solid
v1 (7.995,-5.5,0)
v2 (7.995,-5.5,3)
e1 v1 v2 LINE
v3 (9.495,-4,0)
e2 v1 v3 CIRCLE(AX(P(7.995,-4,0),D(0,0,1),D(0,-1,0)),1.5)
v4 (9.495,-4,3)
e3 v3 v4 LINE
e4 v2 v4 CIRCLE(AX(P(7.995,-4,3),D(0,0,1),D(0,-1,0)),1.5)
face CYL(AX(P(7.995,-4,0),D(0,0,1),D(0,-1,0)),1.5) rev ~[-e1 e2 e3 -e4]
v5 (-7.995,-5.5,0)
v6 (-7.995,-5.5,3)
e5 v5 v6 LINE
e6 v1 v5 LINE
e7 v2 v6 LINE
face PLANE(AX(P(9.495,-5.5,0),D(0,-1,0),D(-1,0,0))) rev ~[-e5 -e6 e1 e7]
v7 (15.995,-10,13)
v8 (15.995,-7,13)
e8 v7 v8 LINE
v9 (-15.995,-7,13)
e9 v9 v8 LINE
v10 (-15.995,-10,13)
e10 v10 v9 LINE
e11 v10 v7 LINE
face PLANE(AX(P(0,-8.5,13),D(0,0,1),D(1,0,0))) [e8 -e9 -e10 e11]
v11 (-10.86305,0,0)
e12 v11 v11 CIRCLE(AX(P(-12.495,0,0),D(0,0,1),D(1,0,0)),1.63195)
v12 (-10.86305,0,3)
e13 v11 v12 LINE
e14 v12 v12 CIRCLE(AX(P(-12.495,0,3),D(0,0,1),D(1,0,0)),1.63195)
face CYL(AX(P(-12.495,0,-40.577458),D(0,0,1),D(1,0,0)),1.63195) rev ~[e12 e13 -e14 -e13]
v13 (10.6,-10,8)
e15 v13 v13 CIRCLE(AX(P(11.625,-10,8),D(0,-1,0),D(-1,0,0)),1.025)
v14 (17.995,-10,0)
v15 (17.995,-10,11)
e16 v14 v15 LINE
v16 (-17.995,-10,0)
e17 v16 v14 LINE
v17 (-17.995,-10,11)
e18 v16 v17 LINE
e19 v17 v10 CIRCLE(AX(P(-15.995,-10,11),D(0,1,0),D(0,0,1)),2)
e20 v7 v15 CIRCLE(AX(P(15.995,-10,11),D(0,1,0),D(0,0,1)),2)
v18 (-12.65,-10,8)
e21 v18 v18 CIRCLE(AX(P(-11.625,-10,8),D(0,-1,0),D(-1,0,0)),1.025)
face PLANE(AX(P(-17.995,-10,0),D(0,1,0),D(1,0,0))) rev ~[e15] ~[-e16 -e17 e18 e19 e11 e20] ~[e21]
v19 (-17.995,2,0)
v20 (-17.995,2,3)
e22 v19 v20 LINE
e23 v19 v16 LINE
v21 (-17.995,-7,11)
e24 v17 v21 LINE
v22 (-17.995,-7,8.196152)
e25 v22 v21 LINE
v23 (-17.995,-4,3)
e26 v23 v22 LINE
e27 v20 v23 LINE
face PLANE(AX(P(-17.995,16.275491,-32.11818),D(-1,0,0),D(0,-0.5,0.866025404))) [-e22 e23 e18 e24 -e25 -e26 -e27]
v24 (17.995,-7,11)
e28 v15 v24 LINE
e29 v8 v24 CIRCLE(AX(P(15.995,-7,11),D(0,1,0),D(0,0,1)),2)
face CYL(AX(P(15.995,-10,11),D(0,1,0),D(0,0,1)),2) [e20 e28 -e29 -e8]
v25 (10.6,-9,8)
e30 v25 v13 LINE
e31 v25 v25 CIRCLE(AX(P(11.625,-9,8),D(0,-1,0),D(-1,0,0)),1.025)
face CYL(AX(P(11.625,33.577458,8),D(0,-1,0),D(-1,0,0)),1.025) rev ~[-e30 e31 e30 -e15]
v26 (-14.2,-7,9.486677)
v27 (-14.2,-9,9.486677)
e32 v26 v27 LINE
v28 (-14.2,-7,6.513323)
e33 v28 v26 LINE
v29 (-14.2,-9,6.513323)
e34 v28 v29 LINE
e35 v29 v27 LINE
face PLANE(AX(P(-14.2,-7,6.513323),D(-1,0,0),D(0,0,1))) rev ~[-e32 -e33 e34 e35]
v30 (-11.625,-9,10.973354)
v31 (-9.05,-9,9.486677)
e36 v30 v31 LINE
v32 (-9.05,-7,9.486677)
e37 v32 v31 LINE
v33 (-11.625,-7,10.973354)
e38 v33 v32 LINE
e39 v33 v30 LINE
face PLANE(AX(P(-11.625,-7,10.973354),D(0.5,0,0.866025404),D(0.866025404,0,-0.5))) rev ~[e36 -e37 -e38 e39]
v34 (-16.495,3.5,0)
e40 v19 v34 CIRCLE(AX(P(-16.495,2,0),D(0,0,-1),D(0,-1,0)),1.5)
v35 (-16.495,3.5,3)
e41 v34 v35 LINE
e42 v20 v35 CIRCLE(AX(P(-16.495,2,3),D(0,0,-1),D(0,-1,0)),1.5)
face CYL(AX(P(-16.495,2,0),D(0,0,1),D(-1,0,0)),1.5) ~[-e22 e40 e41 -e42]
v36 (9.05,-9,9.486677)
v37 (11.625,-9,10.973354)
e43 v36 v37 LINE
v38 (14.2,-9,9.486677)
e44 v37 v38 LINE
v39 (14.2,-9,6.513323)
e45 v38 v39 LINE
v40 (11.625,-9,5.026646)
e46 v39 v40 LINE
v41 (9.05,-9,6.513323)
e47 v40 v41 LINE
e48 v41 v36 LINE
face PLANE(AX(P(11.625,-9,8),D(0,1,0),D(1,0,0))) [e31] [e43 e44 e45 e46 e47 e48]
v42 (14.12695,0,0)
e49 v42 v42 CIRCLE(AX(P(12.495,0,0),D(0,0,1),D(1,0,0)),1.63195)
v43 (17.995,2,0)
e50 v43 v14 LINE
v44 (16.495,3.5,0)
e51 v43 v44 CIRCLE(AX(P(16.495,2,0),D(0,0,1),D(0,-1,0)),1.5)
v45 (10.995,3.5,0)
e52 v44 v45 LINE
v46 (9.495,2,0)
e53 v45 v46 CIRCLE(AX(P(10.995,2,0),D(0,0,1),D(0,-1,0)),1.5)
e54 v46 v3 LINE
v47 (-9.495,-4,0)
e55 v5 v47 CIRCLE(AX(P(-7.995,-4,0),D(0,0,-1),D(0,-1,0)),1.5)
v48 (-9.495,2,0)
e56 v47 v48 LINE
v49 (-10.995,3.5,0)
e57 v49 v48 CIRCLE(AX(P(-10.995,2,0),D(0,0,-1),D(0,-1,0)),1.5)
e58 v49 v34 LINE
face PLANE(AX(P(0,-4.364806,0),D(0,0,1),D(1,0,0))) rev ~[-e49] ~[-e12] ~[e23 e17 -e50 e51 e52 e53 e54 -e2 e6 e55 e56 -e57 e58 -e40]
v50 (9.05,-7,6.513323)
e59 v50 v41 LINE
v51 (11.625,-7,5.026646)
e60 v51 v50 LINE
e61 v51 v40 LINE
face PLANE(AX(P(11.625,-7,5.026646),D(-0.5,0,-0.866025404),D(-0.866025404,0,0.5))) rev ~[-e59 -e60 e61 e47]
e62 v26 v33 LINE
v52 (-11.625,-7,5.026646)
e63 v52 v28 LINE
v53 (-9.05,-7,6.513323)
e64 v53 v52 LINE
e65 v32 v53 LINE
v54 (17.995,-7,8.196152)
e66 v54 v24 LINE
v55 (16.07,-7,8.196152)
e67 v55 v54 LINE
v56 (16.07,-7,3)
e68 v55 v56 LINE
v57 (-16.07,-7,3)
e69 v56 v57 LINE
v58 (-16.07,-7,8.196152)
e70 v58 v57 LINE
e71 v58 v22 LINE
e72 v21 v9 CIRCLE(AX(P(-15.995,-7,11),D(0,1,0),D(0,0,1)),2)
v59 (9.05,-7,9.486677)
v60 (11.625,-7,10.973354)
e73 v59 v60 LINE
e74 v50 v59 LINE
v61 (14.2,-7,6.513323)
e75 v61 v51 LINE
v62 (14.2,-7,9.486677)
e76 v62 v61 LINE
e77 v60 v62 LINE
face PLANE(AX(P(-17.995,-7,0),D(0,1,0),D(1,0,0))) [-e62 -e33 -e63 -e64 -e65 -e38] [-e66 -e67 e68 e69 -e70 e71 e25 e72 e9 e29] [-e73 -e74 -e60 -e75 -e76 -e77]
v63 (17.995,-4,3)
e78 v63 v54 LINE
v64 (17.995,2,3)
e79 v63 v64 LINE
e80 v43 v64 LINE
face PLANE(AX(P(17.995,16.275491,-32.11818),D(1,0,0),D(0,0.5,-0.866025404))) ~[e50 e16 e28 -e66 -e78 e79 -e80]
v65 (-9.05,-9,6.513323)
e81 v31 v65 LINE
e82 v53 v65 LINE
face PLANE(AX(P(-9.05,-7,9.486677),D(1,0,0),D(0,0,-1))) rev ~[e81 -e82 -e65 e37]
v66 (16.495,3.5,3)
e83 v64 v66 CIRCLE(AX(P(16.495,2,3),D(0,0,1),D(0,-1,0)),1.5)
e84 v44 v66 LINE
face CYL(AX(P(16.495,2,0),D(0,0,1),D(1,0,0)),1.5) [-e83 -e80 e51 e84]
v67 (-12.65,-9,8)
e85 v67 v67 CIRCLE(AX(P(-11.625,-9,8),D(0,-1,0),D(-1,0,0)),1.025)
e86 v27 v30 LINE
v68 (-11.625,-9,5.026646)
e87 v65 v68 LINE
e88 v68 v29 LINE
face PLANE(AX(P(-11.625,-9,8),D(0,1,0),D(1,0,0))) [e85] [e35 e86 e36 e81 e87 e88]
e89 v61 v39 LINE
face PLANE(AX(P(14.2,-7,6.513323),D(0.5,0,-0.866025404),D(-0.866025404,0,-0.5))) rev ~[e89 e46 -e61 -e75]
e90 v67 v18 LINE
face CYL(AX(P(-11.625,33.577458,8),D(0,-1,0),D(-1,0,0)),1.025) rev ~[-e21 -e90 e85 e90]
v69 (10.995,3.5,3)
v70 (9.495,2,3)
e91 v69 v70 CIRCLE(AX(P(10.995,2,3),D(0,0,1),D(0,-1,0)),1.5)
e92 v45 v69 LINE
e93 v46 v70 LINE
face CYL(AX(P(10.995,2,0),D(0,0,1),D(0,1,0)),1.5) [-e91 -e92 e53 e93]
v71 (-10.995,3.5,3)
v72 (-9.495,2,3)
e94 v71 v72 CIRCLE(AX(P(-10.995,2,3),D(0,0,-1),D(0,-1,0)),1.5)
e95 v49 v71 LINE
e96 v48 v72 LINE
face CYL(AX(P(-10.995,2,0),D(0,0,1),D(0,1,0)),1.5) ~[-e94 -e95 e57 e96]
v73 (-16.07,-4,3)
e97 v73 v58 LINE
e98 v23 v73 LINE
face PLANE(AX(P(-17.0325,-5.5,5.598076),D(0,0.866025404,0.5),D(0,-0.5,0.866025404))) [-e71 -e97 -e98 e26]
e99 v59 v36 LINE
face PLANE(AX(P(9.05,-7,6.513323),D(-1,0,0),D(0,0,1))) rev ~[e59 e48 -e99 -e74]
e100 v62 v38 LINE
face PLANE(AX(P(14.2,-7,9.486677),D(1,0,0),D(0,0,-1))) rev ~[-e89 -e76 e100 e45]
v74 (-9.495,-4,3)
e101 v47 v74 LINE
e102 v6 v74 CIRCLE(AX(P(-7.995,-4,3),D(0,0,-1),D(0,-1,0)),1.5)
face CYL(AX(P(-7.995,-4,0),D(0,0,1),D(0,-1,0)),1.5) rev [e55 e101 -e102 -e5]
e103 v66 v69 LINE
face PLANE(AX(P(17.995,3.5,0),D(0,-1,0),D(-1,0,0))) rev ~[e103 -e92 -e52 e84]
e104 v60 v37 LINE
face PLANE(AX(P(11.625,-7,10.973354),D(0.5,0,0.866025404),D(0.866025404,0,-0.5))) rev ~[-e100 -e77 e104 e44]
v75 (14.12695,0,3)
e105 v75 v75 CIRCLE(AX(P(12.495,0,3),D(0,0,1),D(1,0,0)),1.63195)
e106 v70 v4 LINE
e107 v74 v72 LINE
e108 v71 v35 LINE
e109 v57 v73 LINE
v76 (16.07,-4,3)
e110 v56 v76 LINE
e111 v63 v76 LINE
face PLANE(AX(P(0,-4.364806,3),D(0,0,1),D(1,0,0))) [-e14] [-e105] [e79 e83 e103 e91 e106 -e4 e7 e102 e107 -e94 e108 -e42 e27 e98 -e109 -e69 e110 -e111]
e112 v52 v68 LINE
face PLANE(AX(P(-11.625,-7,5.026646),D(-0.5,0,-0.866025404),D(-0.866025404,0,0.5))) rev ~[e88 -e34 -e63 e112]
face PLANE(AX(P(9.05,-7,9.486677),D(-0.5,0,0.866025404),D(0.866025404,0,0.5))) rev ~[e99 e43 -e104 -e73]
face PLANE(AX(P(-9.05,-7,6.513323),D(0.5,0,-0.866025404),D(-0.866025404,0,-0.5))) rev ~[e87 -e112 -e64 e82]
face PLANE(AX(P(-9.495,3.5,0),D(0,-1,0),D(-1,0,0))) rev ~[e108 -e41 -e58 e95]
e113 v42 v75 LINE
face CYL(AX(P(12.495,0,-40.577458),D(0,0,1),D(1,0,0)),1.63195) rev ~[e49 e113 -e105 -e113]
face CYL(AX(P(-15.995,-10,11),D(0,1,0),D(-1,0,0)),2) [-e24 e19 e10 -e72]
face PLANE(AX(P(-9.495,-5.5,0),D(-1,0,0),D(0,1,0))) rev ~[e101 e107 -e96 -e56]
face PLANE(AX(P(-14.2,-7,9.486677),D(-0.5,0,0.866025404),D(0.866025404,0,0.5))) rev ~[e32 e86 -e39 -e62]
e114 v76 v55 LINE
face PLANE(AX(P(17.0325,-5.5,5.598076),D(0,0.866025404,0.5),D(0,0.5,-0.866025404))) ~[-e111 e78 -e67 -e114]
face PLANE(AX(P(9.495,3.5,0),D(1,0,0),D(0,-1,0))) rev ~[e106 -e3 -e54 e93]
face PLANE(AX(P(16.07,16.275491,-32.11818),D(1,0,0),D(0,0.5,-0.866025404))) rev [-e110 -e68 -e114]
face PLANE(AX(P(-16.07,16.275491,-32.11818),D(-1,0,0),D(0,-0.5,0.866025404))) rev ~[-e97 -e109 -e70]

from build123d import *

# Parameters (mm, degrees)
BOSS_EXTRUDE1_DEPTH      = 3
SKETCH2_W                = 35.99
SKETCH2_H                = 3
BOSS_EXTRUDE2_DEPTH      = 13
F_4_CLEARANCE_HOLE1_D    = 3.2639
M2_5X0_45_TAPPED_HOLE1_D = 2.05
CUT_EXTRUDE1_DEPTH       = 25.557484093
CUT_EXTRUDE1_DEPTH_BACK  = 2
FILLET1_R                = 2
RIB1_REACH               = 41.551
SKETCH8_WALL_W           = 87.101962048
SKETCH8_WALL_H           = 1.925
FILLET2_R                = 1.5


with BuildPart() as part:
    # Sketch1 → Boss-Extrude1 (new body)
    with BuildSketch(Plane.XY):
        Polygon((-17.995, 3.5), (-17.995, 0), (-17.995, -10), (17.995, -10), (17.995, 0), (17.995, 3.5), (9.495, 3.5), (9.495, 0), (9.495, -5.5), (-9.495, -5.5), (-9.495, 0), (-9.495, 3.5), align=None)
    extrude(amount=BOSS_EXTRUDE1_DEPTH)

    # Sketch2 → Boss-Extrude2 (add)
    with BuildSketch(Plane.XY):
        with Locations((0, -8.5)):
            Rectangle(SKETCH2_W, SKETCH2_H)
    extrude(amount=BOSS_EXTRUDE2_DEPTH)

    # #4 Clearance Hole1 (through all)
    with Locations(Plane(origin=(0, 0, 0), x_dir=(-1, 0, 0), z_dir=(0, 0, -1))):
        with Locations((12.495, 0), (-12.495, 0)):
            Hole(F_4_CLEARANCE_HOLE1_D / 2)

    # M2.5x0.45 Tapped Hole1 (through all)
    with Locations(Plane(origin=(0, -7, 0), x_dir=(1, 0, 0), z_dir=(0, 1, 0))):
        with Locations((-11.625, -8), (11.625, -8)):
            Hole(M2_5X0_45_TAPPED_HOLE1_D / 2)

    # Sketch9 → Cut-Extrude1 (cut, two sides)
    with BuildSketch(Plane(origin=(0, -7, 0), x_dir=(1, 0, 0), z_dir=(0, 1, 0))) as cut_extrude1_sk:
        Polygon((-9.05, -6.513323057), (-11.625, -5.026646114), (-14.2, -6.513323057), (-14.2, -9.486676943), (-11.625, -10.973353886), (-9.05, -9.486676943), align=None)
        Polygon((11.625, -5.026646114), (9.05, -6.513323057), (9.05, -9.486676943), (11.625, -10.973353886), (14.2, -9.486676943), (14.2, -6.513323057), align=None)
    extrude(amount=CUT_EXTRUDE1_DEPTH, mode=Mode.SUBTRACT)
    extrude(cut_extrude1_sk.sketch, amount=-CUT_EXTRUDE1_DEPTH_BACK, mode=Mode.SUBTRACT)

    # Fillet1
    fillet1_edges = [part.edges().sort_by_distance(p)[0] for p in [
        (-17.995, -8.5, 13),
        (17.995, -8.5, 13),
    ]]
    fillet(fillet1_edges, radius=FILLET1_R)

    # Sketch8 wall → Rib1 (add, up to next)
    with BuildSketch(Plane(origin=(-17.995, -5.5, 5.598076211), x_dir=(0, -0.499999999979, 0.866025403797), z_dir=(0, 0.866025403797, 0.499999999979)), mode=Mode.PRIVATE) as rib1_sk1:
        with Locations((0, 0.9625)):
            Rectangle(SKETCH8_WALL_W, SKETCH8_WALL_H)
    rib1_tool1 = extrude(rib1_sk1.sketch, amount=-RIB1_REACH, mode=Mode.PRIVATE) - part.part
    rib1 = rib1_tool1.solids().sort_by_distance((-17.995, -5.5, 5.598076211))[0]
    add(rib1)

    # Mirror1: Rib1 across plane
    add(rib1.mirror(Plane(origin=(0, 0, 0), x_dir=(0, 0, 1), z_dir=(1, 0, 0))))

    # Fillet2
    fillet2_edges = [part.edges().sort_by_distance(p)[0] for p in [
        (9.495, 3.5, 1.5),
        (9.495, -5.5, 1.5),
        (-9.495, -5.5, 1.5),
        (-9.495, 3.5, 1.5),
        (-17.995, 3.5, 1.5),
        (17.995, 3.5, 1.5),
    ]]
    fillet(fillet2_edges, radius=FILLET2_R)


solid = part.part
